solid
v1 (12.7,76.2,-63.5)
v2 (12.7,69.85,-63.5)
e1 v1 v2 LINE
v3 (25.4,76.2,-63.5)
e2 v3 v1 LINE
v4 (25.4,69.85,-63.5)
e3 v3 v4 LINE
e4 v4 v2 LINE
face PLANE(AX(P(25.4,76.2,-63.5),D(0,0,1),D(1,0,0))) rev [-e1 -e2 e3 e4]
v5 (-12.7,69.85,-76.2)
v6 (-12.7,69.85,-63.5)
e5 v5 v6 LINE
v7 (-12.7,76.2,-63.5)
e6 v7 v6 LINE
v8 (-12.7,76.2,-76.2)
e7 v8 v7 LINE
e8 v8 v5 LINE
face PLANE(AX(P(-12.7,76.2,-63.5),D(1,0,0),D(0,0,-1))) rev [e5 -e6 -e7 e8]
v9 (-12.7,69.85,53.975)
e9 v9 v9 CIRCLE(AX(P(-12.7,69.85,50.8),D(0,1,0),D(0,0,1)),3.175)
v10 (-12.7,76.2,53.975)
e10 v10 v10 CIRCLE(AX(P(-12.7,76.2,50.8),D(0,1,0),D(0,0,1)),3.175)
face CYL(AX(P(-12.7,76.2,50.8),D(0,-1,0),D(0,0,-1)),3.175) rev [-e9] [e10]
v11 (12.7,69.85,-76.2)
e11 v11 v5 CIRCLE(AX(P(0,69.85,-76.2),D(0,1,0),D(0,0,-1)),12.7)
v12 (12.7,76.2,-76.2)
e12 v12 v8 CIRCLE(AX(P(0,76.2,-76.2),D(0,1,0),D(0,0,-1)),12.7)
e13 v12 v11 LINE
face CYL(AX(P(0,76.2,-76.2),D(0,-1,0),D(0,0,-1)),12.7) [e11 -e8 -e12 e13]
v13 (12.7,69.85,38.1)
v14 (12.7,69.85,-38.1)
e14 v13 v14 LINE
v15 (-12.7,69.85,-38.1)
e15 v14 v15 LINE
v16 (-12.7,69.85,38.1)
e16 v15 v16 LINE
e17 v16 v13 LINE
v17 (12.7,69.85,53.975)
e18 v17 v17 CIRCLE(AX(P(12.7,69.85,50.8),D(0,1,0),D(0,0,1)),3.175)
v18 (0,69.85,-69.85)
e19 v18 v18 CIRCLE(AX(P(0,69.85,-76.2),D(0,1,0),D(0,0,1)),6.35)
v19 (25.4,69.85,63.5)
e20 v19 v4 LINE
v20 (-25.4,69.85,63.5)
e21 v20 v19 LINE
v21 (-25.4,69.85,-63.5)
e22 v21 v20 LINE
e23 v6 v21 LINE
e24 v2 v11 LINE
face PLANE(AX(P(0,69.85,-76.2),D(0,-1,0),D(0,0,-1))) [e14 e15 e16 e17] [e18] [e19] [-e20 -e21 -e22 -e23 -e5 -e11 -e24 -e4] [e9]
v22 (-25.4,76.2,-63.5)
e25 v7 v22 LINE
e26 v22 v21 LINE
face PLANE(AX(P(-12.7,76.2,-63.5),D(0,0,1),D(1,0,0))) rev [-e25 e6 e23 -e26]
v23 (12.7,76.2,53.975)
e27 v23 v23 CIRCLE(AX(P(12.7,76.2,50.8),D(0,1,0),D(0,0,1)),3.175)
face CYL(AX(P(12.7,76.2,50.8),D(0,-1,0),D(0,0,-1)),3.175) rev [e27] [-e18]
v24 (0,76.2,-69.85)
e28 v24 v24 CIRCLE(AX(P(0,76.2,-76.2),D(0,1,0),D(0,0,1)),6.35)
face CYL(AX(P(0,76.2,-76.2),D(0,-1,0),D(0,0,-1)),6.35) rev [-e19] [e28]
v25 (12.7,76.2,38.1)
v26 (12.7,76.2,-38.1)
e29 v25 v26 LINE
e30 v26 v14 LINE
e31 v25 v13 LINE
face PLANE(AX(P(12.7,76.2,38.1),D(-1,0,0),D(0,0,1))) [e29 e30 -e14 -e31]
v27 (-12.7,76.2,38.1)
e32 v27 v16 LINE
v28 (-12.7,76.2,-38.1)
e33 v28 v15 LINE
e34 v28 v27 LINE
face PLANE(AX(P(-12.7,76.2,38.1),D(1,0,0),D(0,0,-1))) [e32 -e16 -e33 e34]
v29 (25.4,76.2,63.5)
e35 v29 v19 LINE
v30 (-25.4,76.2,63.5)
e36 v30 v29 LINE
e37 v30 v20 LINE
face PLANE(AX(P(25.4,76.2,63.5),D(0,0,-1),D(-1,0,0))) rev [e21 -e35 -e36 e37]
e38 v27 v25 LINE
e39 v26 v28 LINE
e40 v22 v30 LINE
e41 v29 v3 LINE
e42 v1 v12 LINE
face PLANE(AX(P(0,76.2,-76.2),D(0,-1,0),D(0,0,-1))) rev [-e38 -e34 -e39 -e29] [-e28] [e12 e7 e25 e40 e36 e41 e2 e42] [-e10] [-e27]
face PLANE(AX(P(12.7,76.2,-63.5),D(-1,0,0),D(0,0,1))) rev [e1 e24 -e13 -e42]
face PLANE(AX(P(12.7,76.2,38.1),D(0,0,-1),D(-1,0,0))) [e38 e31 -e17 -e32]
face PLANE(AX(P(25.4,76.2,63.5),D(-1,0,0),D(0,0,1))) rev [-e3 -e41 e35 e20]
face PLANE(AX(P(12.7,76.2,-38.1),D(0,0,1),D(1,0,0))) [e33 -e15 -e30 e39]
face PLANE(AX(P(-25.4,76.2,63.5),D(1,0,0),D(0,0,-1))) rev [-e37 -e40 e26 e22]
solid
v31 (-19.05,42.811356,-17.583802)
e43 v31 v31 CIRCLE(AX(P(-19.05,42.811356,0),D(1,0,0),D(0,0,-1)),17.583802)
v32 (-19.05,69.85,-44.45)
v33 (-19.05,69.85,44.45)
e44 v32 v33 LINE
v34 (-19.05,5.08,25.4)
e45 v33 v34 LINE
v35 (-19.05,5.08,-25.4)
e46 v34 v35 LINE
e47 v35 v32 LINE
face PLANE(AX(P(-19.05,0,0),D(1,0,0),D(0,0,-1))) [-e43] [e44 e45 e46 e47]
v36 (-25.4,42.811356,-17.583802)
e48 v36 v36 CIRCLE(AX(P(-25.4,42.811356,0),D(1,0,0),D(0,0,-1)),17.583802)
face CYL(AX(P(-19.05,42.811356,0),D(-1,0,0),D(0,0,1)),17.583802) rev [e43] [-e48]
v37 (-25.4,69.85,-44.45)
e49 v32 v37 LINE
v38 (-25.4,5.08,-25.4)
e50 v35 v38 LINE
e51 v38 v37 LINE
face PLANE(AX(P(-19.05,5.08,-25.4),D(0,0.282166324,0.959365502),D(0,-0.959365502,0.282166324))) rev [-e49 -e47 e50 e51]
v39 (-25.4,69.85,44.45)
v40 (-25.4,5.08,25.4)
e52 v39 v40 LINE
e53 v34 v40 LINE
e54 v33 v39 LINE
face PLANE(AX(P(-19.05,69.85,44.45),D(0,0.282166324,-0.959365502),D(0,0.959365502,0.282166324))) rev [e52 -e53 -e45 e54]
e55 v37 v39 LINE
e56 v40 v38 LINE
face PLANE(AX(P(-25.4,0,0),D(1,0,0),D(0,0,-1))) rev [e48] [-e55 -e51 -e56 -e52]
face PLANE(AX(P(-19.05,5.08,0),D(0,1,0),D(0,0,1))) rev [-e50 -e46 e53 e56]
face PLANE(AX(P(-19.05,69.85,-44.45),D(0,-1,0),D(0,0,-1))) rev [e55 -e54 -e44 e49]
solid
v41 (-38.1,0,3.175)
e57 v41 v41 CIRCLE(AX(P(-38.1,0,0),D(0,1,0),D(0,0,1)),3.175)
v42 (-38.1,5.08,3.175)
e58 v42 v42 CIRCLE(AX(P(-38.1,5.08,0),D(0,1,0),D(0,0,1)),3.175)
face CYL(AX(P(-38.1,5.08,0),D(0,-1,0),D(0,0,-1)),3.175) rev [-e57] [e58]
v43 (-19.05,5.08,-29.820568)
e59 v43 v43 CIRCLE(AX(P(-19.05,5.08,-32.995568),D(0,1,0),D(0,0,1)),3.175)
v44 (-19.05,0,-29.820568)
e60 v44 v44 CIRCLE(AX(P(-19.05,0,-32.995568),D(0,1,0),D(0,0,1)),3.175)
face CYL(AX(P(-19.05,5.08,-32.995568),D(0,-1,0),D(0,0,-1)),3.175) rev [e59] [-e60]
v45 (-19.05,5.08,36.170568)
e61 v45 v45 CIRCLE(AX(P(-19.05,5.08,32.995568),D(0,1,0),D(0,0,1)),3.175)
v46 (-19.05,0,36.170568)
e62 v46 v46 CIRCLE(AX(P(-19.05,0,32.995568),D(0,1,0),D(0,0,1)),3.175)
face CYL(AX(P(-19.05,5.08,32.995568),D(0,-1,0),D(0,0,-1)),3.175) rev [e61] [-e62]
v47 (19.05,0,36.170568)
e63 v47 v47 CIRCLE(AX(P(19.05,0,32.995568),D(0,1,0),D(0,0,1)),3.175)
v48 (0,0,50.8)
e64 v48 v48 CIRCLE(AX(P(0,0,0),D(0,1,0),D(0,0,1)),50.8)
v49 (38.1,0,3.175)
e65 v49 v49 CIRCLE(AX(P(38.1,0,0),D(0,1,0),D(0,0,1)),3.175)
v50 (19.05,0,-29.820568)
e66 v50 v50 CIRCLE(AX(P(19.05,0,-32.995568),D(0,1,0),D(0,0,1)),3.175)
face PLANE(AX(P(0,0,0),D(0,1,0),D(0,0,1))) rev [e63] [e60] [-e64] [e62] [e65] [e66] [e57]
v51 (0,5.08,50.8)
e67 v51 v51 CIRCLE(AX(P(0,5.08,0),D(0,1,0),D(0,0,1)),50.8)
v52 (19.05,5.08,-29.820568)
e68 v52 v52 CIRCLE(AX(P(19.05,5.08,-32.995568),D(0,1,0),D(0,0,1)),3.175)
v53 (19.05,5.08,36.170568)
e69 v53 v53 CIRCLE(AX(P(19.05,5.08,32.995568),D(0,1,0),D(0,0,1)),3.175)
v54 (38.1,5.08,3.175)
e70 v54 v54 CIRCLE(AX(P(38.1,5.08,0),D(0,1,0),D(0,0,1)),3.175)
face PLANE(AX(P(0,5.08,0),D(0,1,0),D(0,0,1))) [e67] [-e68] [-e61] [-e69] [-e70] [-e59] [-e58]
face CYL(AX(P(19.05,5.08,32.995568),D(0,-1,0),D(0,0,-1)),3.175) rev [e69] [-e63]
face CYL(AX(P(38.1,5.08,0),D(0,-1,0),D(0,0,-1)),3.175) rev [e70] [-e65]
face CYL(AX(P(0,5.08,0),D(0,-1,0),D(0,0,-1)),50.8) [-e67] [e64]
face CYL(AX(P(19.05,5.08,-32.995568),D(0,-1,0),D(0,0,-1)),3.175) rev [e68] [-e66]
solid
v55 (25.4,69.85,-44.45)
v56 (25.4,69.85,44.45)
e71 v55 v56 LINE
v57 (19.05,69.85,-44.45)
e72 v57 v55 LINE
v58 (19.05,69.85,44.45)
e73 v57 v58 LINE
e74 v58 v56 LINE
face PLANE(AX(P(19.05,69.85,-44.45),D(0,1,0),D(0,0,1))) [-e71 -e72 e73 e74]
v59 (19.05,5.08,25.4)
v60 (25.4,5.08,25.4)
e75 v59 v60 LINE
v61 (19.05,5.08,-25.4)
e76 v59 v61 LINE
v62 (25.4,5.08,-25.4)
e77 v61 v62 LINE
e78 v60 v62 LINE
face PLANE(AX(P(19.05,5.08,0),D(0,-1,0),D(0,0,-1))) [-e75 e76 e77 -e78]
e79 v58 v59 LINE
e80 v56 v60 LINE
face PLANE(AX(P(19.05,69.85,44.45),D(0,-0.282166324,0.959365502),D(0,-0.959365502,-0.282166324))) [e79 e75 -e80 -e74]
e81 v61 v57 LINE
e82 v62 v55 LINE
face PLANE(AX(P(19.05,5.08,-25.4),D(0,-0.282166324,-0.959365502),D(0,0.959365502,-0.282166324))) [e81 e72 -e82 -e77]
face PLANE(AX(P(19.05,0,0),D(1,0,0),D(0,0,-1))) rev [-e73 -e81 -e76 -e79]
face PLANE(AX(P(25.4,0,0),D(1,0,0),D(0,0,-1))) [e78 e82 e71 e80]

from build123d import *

# Parameters (mm, degrees)
SKETCH1_R      = 50.8
SKETCH1_R_2    = 3.175
EXTRUDE1_DEPTH = 5.08
SKETCH10_R     = 6.35
SKETCH10_R_2   = 3.175
SKETCH10_W     = 25.4
SKETCH10_H     = 76.2
EXTRUDE3_DEPTH = 6.35
SKETCH16_R     = 17.583801549
EXTRUDE4_DEPTH = 6.35
EXTRUDE5_DEPTH = 6.35


with BuildPart() as part:
    # Sketch1 → Extrude1 (new body)
    with BuildSketch(Plane(origin=(0, 0, 0), x_dir=(1, 0, 0), z_dir=(0, 1, 0))):
        Circle(SKETCH1_R)
        with Locations((38.1, 0)):
            Circle(SKETCH1_R_2, mode=Mode.SUBTRACT)
        with Locations((19.05, -32.995567884)):
            Circle(SKETCH1_R_2, mode=Mode.SUBTRACT)
        with Locations((-19.05, -32.995567884)):
            Circle(SKETCH1_R_2, mode=Mode.SUBTRACT)
        with Locations((-38.1, 0)):
            Circle(SKETCH1_R_2, mode=Mode.SUBTRACT)
        with Locations((-19.05, 32.995567884)):
            Circle(SKETCH1_R_2, mode=Mode.SUBTRACT)
        with Locations((19.05, 32.995567884)):
            Circle(SKETCH1_R_2, mode=Mode.SUBTRACT)
    extrude(amount=EXTRUDE1_DEPTH)


with BuildPart() as body_2:
    # Sketch10 → Extrude3 (new body)
    with BuildSketch(Plane(origin=(0, 69.85, 0), x_dir=(1, 0, 0), z_dir=(0, 1, 0))):
        with BuildLine():
            Line((-12.7, 63.5), (-25.4, 63.5))
            Line((-25.4, 63.5), (-25.4, -63.5))
            Line((-25.4, -63.5), (25.4, -63.5))
            Line((25.4, -63.5), (25.4, 63.5))
            Line((25.4, 63.5), (12.7, 63.5))
            Line((12.7, 63.5), (12.7, 76.2))
            ThreePointArc((12.7, 76.2), (0, 88.9), (-12.7, 76.2))
            Line((-12.7, 76.2), (-12.7, 63.5))
        make_face()
        with Locations((0, 76.2)):
            Circle(SKETCH10_R, mode=Mode.SUBTRACT)
        with Locations((-12.7, -50.8)):
            Circle(SKETCH10_R_2, mode=Mode.SUBTRACT)
        with Locations((12.7, -50.8)):
            Circle(SKETCH10_R_2, mode=Mode.SUBTRACT)
        Rectangle(SKETCH10_W, SKETCH10_H, mode=Mode.SUBTRACT)
    extrude(amount=EXTRUDE3_DEPTH)


with BuildPart() as body_3:
    # Sketch16 → Extrude4 (new body)
    with BuildSketch(Plane(origin=(-25.4, 0, 0), x_dir=(0, 0, -1), z_dir=(1, 0, 0))):
        Polygon((0, 5.08), (25.4, 5.08), (44.45, 69.85), (-44.45, 69.85), (-25.4, 5.08), align=None)
        with Locations((0, 42.811356357)):
            Circle(SKETCH16_R, mode=Mode.SUBTRACT)
    extrude(amount=EXTRUDE4_DEPTH)


with BuildPart() as body_4:
    # Sketch11 → Extrude5 (new body)
    with BuildSketch(Plane(origin=(25.4, 0, 0), x_dir=(0, 0, -1), z_dir=(1, 0, 0))):
        Polygon((0, 5.08), (25.4, 5.08), (44.45, 69.85), (-44.45, 69.85), (-25.4, 5.08), align=None)
    extrude(amount=-EXTRUDE5_DEPTH)


solid = Compound([part.part, body_2.part, body_3.part, body_4.part])
